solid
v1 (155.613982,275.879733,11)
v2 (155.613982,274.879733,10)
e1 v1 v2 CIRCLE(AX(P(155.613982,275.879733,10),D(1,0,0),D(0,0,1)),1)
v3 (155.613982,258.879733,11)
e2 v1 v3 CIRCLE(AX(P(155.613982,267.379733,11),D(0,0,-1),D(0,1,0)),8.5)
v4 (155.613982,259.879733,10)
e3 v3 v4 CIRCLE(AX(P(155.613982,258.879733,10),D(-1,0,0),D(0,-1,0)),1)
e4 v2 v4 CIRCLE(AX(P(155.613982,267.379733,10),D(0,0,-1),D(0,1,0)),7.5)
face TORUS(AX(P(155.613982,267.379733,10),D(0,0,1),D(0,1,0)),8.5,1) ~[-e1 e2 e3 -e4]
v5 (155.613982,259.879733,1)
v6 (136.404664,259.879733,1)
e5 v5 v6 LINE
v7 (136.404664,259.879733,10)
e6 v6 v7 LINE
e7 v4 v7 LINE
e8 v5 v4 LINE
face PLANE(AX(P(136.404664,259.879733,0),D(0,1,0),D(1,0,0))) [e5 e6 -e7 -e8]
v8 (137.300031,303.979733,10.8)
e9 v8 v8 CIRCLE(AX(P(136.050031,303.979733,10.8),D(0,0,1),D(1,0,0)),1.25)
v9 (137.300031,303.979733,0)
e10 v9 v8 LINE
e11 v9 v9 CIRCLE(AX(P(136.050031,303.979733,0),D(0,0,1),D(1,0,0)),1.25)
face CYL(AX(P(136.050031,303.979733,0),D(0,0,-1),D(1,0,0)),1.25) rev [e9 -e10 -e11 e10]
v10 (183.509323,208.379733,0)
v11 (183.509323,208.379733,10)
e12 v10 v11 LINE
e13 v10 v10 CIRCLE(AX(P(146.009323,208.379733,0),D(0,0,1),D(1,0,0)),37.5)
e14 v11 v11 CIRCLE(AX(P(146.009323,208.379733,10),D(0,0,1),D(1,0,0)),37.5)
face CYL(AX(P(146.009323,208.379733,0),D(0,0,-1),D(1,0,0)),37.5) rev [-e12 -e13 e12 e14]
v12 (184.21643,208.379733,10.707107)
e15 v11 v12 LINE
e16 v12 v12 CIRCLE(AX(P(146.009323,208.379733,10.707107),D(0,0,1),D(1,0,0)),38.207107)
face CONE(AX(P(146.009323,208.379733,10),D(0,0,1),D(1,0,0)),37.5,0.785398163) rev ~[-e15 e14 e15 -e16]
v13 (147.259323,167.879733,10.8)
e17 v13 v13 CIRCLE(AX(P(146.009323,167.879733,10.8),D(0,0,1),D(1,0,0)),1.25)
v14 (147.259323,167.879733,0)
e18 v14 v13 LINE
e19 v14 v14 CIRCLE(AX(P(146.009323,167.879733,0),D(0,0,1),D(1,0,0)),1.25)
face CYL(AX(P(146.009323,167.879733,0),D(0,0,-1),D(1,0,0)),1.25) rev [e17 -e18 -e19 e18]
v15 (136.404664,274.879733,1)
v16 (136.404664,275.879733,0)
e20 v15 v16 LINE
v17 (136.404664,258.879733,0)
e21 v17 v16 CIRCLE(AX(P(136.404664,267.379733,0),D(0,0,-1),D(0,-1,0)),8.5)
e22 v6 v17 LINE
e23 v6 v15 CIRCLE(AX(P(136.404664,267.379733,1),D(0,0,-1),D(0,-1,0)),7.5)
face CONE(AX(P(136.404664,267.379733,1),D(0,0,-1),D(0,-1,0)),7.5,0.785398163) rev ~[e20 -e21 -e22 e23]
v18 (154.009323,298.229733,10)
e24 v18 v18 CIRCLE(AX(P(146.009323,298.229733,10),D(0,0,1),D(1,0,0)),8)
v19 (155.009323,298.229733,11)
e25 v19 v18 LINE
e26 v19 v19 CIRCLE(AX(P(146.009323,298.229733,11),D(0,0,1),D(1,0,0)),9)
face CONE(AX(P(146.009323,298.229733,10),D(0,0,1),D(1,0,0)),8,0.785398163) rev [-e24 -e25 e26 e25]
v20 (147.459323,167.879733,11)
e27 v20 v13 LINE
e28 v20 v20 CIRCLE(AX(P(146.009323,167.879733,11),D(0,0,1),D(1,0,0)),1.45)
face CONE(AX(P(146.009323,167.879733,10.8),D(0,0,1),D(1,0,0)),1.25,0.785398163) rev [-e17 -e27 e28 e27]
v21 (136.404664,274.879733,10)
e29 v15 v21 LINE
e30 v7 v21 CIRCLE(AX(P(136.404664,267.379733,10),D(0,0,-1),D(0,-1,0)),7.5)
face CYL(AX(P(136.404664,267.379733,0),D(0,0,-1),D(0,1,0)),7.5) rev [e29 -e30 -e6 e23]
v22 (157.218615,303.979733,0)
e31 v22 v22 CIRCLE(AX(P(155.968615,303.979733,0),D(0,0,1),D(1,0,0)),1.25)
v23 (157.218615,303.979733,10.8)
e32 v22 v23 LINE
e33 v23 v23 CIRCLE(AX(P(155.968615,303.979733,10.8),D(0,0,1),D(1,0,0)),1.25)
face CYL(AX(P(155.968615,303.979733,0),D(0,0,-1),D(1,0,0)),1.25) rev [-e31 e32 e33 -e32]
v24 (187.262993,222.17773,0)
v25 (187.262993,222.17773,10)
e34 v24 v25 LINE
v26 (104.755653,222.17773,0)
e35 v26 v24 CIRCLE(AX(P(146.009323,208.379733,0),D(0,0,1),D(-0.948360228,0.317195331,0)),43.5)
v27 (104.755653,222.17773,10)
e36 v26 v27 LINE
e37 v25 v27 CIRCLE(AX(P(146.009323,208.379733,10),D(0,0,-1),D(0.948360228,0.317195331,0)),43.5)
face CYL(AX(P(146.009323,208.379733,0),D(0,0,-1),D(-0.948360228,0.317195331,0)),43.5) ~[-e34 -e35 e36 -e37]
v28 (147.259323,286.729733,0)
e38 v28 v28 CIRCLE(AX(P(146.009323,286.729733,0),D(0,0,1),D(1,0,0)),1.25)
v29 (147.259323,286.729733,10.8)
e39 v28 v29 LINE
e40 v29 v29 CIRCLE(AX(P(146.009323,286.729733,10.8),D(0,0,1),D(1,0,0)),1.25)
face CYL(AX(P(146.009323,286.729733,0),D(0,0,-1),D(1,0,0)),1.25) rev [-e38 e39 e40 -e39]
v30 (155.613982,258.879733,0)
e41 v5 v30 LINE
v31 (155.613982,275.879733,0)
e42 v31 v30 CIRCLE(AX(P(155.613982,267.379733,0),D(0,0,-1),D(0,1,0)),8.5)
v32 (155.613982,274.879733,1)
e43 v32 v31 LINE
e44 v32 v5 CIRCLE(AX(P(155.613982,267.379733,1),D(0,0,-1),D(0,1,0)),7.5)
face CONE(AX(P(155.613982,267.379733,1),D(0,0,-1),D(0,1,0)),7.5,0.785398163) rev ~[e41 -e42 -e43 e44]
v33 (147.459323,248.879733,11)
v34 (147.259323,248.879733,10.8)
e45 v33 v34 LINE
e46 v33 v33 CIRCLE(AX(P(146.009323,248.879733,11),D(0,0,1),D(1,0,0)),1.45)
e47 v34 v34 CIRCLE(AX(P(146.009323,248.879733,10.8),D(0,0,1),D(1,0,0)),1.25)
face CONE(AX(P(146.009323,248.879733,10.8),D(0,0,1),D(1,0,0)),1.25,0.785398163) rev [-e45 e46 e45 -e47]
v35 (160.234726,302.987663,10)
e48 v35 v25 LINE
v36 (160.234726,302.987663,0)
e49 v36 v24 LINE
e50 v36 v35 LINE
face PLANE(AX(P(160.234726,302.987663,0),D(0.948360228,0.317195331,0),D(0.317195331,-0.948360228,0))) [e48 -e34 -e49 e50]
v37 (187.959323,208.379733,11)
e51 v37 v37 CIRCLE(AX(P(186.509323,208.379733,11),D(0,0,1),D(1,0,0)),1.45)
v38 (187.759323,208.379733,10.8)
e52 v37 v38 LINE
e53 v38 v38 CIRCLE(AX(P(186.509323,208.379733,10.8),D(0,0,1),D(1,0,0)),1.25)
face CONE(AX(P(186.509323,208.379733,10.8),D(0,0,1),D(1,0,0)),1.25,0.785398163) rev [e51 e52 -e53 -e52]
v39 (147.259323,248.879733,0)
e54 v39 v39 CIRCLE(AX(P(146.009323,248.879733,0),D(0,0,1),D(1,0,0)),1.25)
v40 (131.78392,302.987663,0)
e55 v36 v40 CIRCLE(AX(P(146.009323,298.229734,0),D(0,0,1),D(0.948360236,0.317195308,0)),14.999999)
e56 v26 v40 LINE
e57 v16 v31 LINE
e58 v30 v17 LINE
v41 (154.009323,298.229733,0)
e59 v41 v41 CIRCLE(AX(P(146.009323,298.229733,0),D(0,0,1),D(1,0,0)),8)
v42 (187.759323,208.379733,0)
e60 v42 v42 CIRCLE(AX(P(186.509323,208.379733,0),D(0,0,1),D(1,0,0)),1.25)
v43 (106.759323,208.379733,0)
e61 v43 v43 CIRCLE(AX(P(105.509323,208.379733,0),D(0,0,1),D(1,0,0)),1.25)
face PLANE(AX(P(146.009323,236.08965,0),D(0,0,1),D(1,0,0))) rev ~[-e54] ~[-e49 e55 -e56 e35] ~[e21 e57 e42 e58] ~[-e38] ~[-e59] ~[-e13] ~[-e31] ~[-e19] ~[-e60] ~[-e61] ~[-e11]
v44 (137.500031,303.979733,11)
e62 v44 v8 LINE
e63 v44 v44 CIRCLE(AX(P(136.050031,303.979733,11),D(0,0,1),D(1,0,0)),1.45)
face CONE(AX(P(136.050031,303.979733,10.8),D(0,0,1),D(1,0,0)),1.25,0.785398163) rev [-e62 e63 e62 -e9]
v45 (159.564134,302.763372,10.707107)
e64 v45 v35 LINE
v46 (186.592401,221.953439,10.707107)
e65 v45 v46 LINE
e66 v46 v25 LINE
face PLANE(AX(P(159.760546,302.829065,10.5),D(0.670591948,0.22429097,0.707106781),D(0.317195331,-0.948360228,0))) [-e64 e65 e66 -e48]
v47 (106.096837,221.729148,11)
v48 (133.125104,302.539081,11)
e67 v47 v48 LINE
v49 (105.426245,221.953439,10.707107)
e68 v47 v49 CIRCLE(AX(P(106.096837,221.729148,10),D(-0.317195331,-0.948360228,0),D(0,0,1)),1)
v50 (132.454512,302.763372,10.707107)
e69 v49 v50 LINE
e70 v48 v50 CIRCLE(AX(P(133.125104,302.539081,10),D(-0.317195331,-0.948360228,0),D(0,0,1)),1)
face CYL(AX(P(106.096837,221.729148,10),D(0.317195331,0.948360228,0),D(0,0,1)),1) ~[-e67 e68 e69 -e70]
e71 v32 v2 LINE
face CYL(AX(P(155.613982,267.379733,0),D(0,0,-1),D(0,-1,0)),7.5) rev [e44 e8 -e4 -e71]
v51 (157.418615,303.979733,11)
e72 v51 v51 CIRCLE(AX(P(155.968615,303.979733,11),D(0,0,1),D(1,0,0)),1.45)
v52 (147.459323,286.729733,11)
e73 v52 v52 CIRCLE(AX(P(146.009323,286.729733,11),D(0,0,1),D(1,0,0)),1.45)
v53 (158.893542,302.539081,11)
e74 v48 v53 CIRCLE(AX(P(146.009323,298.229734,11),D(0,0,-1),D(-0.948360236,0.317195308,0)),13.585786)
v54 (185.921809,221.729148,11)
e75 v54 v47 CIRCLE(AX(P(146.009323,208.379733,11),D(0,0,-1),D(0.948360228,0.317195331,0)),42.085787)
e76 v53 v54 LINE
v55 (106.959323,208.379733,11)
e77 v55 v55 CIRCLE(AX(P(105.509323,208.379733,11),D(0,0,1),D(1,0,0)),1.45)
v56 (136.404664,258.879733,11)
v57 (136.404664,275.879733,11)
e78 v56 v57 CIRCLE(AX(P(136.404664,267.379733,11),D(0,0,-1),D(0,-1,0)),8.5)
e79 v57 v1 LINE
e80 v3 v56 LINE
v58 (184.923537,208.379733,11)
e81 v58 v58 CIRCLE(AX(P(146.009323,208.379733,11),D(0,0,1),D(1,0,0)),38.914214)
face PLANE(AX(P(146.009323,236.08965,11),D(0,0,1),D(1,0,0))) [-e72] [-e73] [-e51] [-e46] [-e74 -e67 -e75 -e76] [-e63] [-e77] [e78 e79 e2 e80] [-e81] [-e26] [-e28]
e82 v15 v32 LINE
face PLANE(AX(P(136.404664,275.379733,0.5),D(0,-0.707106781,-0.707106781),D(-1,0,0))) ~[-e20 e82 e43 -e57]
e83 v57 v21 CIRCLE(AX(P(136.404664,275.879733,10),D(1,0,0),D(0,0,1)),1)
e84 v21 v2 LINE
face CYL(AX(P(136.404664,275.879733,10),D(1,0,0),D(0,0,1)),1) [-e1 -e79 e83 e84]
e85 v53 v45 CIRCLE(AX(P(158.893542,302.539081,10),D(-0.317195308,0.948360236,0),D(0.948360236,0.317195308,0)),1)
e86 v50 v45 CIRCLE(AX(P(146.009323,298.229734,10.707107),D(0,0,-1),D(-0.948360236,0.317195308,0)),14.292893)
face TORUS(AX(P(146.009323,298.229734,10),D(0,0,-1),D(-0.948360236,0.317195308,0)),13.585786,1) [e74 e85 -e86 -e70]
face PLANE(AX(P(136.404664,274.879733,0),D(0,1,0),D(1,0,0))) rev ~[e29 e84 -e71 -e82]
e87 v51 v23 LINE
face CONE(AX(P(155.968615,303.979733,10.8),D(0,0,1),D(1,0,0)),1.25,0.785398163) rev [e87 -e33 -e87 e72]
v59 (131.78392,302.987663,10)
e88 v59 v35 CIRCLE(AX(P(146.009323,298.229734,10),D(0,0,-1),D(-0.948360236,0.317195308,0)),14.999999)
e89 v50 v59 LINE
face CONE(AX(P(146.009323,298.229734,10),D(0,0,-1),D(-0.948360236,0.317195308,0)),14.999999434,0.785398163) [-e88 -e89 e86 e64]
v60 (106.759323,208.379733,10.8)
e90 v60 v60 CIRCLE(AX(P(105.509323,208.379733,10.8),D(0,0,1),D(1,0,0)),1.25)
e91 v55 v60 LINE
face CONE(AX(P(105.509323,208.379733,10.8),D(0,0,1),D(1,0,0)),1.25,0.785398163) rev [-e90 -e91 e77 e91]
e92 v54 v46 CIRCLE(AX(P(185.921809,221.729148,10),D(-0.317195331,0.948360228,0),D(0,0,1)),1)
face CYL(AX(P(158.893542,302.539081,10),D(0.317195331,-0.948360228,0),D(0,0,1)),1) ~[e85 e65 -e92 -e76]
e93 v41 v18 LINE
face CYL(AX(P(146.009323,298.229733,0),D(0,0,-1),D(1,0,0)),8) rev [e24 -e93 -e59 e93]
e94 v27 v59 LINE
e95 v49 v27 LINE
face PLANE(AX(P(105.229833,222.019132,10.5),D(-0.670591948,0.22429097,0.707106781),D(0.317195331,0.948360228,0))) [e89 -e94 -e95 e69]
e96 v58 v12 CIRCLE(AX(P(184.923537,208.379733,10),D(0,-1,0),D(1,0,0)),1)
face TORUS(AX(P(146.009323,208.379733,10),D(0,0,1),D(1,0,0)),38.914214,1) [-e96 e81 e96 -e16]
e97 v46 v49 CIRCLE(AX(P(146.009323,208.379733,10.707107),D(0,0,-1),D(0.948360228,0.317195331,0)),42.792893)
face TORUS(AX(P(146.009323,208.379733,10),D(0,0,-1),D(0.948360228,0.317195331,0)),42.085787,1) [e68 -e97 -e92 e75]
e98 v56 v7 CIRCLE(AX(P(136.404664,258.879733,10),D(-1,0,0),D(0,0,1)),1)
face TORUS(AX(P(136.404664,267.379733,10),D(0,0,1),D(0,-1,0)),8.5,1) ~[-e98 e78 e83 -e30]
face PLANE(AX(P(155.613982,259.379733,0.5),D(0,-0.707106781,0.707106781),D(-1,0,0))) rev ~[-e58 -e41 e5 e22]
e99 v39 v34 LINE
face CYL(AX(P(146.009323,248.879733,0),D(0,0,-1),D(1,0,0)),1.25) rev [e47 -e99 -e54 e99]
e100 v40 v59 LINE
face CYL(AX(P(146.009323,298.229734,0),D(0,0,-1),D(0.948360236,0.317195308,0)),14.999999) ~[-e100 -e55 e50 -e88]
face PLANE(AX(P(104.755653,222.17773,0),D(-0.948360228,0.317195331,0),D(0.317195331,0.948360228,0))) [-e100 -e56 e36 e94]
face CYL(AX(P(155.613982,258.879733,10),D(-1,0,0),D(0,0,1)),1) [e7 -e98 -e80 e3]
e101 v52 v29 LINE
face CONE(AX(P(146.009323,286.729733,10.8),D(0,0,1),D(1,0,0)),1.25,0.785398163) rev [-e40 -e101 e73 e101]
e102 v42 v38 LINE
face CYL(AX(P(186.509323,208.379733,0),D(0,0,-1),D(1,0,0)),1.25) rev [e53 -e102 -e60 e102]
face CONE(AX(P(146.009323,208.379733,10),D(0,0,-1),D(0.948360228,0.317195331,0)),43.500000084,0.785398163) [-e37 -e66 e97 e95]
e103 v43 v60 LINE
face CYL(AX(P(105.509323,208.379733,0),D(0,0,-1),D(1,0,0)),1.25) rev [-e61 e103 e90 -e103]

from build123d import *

# Parameters (mm, degrees)
SKETCH001_R     = 37.5
SKETCH001_R_2   = 8
SKETCH001_R_3   = 1.25
PAD_DEPTH       = 11
CHAMFER_SIZE    = 1
CHAMFER001_SIZE = 1
FILLET_R        = 1
CHAMFER002_SIZE = 0.2
CHAMFER003_SIZE = 1


with BuildPart() as part:
    # Sketch001 → Pad (new body)
    with BuildSketch(Plane.XY):
        with BuildLine():
            ThreePointArc((160.234726, 302.987663), (146.009323, 313.229733), (131.78392, 302.987663))
            Line((104.755653, 222.17773), (131.78392, 302.987663))
            ThreePointArc((104.755653, 222.17773), (146.009323, 164.879733), (187.262993, 222.17773))
            Line((160.234726, 302.987663), (187.262993, 222.17773))
        make_face()
        with Locations((146.009323, 208.379733)):
            Circle(SKETCH001_R, mode=Mode.SUBTRACT)
        with Locations((146.009323, 298.229733)):
            Circle(SKETCH001_R_2, mode=Mode.SUBTRACT)
        with Locations((155.968615, 303.979733)):
            Circle(SKETCH001_R_3, mode=Mode.SUBTRACT)
        with Locations((146.009323, 286.729733)):
            Circle(SKETCH001_R_3, mode=Mode.SUBTRACT)
        with Locations((136.050031, 303.979733)):
            Circle(SKETCH001_R_3, mode=Mode.SUBTRACT)
        with Locations((146.009323, 248.879733)):
            Circle(SKETCH001_R_3, mode=Mode.SUBTRACT)
        with Locations((186.509323, 208.379733)):
            Circle(SKETCH001_R_3, mode=Mode.SUBTRACT)
        with Locations((146.009323, 167.879733)):
            Circle(SKETCH001_R_3, mode=Mode.SUBTRACT)
        with Locations((105.509323, 208.379733)):
            Circle(SKETCH001_R_3, mode=Mode.SUBTRACT)
        with BuildLine():
            ThreePointArc((136.404664, 274.879733), (128.904664, 267.379733), (136.404664, 259.879733))
            Line((136.404664, 259.879733), (155.613982, 259.879733))
            ThreePointArc((155.613982, 259.879733), (163.113982, 267.379733), (155.613982, 274.879733))
            Line((136.404664, 274.879733), (155.613982, 274.879733))
        make_face(mode=Mode.SUBTRACT)
    extrude(amount=PAD_DEPTH)

    # Chamfer
    chamfer_edges = [part.edges().sort_by_distance(p)[0] for p in [
        (108.509323, 208.379733, 11),
        (146.009323, 274.879733, 0),
    ]]
    chamfer(chamfer_edges, length=CHAMFER_SIZE)

    # Chamfer001
    chamfer001_edges = [part.edges().sort_by_distance(p)[0] for p in [
        (173.74886, 262.582696, 11),
    ]]
    chamfer(chamfer001_edges, length=CHAMFER001_SIZE)

    # Fillet
    fillet_edges = [part.edges().sort_by_distance(p)[0] for p in [
        (146.009323, 274.879733, 11),
        (107.509323, 208.379733, 11),
        (119.218147, 262.265501, 11),
        (146.009323, 165.879733, 11),
    ]]
    fillet(fillet_edges, radius=FILLET_R)

    # Chamfer002
    chamfer002_edges = [part.edges().sort_by_distance(p)[0] for p in [
        (144.759323, 286.729733, 11),
        (134.800031, 303.979733, 11),
        (154.718615, 303.979733, 11),
        (185.259323, 208.379733, 11),
        (144.759323, 167.879733, 11),
        (104.259323, 208.379733, 11),
        (144.759323, 248.879733, 11),
    ]]
    chamfer(chamfer002_edges, length=CHAMFER002_SIZE)

    # Chamfer003
    chamfer003_edges = [part.edges().sort_by_distance(p)[0] for p in [
        (138.009323, 298.229733, 11),
    ]]
    chamfer(chamfer003_edges, length=CHAMFER003_SIZE)


solid = part.part
